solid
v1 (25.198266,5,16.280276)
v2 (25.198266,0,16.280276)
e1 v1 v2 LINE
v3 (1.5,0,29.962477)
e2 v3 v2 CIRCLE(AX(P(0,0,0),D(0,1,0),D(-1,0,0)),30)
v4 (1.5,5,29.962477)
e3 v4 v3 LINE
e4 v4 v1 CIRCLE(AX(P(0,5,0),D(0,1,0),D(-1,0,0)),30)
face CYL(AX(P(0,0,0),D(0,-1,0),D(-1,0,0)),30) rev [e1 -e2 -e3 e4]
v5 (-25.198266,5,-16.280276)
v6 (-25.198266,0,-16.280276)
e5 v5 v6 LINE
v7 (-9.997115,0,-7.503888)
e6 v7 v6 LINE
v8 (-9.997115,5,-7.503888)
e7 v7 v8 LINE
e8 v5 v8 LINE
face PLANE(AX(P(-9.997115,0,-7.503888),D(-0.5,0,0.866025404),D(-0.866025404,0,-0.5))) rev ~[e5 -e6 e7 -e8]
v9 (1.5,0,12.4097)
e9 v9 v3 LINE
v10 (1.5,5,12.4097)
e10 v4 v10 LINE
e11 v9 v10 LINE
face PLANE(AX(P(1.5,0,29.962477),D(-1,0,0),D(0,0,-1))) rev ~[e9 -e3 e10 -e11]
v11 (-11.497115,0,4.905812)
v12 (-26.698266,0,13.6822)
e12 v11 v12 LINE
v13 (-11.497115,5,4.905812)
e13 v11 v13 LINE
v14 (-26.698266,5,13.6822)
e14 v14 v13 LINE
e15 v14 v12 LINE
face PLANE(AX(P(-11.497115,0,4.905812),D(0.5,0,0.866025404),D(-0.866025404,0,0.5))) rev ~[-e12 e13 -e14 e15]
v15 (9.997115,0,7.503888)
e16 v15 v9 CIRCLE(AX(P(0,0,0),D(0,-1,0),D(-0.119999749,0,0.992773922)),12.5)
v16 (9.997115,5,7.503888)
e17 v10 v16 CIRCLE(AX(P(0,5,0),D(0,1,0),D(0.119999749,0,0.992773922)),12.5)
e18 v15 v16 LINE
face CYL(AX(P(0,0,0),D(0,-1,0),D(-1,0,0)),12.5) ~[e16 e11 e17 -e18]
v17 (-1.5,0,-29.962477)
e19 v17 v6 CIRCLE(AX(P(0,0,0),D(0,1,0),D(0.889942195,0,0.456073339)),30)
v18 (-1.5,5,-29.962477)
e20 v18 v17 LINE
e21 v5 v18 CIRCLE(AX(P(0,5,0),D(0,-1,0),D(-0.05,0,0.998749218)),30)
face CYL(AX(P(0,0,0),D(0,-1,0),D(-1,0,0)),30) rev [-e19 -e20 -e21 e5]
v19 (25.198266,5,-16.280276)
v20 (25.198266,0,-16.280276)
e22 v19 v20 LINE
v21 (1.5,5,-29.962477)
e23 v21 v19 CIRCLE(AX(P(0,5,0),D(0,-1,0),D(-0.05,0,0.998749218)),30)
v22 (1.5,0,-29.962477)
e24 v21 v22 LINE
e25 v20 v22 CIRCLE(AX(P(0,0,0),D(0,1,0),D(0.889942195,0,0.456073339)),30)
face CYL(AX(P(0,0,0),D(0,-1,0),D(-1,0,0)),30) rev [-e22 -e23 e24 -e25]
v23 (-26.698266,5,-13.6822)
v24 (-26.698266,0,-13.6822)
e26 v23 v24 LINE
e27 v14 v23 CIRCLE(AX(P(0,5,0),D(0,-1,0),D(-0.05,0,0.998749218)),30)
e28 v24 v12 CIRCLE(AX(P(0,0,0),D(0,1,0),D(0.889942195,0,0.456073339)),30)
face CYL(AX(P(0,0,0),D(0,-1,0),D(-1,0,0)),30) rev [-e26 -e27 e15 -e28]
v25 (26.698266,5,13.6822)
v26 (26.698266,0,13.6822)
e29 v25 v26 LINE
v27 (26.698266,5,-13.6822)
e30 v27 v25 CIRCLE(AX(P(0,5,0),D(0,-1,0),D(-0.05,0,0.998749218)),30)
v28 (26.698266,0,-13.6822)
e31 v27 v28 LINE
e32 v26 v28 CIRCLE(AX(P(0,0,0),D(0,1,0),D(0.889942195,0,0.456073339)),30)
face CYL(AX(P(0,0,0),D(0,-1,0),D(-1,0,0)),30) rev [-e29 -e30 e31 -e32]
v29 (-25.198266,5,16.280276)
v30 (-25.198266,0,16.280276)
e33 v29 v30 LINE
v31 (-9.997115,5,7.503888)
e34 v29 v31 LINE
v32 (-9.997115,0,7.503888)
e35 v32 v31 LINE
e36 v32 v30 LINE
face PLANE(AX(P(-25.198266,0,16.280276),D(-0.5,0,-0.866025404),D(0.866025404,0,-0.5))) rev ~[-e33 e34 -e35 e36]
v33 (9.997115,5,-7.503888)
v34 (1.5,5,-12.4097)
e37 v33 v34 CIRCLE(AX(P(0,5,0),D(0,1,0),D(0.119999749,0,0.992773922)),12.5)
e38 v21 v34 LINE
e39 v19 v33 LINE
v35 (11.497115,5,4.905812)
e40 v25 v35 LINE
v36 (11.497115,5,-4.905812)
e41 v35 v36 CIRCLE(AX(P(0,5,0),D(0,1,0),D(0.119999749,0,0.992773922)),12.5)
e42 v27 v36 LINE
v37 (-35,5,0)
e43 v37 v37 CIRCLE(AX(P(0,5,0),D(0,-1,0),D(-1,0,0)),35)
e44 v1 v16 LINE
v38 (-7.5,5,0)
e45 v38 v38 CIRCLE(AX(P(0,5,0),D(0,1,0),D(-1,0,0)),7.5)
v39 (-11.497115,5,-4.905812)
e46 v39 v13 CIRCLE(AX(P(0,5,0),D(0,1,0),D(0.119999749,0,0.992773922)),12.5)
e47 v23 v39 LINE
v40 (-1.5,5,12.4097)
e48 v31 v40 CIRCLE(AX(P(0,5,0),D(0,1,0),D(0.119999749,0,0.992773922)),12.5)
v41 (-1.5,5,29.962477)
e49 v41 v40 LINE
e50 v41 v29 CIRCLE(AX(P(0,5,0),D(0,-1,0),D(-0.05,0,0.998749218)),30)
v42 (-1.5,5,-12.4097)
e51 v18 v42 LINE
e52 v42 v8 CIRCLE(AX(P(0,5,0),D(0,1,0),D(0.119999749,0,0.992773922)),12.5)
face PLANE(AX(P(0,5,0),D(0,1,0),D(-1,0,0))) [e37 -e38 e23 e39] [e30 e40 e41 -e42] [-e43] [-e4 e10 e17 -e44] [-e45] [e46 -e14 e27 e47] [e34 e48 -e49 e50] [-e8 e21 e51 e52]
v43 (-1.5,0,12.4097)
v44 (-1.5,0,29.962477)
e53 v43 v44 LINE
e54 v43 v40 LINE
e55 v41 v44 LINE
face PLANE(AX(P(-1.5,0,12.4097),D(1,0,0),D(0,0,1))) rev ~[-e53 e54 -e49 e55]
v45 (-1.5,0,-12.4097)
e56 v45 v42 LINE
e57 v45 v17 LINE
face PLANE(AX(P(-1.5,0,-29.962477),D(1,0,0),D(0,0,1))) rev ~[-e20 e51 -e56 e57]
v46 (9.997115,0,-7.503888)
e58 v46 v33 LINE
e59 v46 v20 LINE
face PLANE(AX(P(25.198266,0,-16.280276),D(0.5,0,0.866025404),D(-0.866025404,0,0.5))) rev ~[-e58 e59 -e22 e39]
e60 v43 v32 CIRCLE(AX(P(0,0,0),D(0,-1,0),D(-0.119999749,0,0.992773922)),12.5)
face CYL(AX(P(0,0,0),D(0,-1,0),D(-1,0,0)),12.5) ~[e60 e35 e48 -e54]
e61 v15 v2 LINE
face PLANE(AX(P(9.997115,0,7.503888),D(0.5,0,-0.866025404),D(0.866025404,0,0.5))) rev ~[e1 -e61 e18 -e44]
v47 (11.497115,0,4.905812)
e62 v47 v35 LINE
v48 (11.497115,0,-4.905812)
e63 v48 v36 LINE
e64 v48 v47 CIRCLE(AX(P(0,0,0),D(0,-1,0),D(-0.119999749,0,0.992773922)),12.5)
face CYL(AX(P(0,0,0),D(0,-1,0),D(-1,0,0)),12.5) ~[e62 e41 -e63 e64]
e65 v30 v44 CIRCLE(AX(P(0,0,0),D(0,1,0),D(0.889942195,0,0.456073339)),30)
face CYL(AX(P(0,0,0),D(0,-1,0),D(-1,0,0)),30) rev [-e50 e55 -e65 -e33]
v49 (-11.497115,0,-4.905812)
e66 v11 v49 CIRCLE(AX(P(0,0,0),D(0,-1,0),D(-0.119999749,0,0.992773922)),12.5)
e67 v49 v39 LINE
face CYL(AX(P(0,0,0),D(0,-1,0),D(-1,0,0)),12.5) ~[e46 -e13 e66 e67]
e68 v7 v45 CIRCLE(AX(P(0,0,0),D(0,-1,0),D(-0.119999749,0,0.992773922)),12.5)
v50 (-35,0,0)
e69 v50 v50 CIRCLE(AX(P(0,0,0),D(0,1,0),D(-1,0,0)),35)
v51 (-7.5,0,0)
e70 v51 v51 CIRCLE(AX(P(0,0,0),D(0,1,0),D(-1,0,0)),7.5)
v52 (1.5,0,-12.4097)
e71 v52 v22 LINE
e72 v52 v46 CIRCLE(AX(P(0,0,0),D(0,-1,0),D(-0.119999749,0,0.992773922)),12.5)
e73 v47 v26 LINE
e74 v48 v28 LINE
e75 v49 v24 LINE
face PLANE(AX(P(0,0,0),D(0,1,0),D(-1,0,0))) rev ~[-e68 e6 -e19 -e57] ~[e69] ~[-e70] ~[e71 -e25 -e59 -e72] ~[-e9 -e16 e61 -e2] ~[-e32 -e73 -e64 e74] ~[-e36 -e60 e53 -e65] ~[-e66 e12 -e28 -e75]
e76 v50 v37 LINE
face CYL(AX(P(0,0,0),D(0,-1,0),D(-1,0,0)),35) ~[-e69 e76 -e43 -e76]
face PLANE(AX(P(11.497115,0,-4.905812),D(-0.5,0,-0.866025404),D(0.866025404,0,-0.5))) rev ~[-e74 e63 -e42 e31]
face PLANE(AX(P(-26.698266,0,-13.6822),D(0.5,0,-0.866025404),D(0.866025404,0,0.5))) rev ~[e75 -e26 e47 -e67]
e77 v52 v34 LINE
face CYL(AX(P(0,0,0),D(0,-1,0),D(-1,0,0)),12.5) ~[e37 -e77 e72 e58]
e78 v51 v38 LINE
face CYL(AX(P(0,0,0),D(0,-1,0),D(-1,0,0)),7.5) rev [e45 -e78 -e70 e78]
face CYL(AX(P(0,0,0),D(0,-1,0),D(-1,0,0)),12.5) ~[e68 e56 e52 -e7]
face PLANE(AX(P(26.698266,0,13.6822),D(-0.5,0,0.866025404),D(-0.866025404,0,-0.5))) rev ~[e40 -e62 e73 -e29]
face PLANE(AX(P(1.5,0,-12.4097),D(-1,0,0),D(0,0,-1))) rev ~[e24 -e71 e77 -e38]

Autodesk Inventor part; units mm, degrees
ref_plane "YZ Plane" through (0, 0, 0) normal (1, 0, 0) x (0, 1, 0)
ref_plane "XZ Plane" through (0, 0, 0) normal (0, 1, 0) x (-1, 0, 0)
ref_plane "XY Plane" through (0, 0, 0) normal (0, 0, 1) x (1, 0, 0)
sketch "스케치1" plane through (0, 0, 0) normal (0, 1, 0) x (-1, 0, 0)
  circle A0 centre (0, 0) radius 35
  circle A1 centre (0, 0) radius 7.5
  circle A2 centre (0, 0) radius 12.5
  circle A3 centre (0, 0) radius 30
  dimension "d0" = 70
  dimension "d1" = 15
  dimension "d2" = 25
  dimension "d3" = 60
extrude "돌출1" add sketch "스케치1" along normal blind 5
sketch "스케치2" plane through (0, 0, 0) normal (0, -1, 0) x (1, 0, 0)
  line L0 (-10.8253, 6.25) -> (-25.9808, 15)
  circle A0 centre (0, 0) radius 30 projected
  circle A1 centre (0, 0) radius 7.5 projected
  circle A2 centre (0, 0) radius 7.5 projected
  circle A3 centre (0, 0) radius 12.5 projected
  circle A4 centre (0, 0) radius 12.5 projected
  line L1 (0, 12.5) -> (0, 30)
  line L2 (10.8253, 6.25) -> (25.9808, 15)
  line L3 (10.8253, -6.25) -> (25.9808, -15)
  line L4 (0, -12.5) -> (0, -30)
  line L5 (-10.8253, -6.25) -> (-25.9808, -15)
  line L6 (-1.5, 34.9678) -> (1.5, 34.9678)
  line L7 (1.5, 34.9678) -> (1.5, 12.4097)
  line L8 (1.5, 12.4097) -> (-1.5, 12.4097)
  line L9 (-1.5, 12.4097) -> (-1.5, 34.9678)
  circle A5 centre (0, 0) radius 35 projected
  dimension "d10" = 3
  dimension "d11" = 1.5
extrude "돌출2" add sketch "스케치2" against normal blind 5 contours L9 A0 L1 A3 | L9 L6 L7 A0 | L1 A0 L7 A3
pattern_circular "원형 패턴1" count 6 over 360 about axis through (0, 0, 0) along (0, 1, 0) of "돌출2"
properties part number "부품2"
